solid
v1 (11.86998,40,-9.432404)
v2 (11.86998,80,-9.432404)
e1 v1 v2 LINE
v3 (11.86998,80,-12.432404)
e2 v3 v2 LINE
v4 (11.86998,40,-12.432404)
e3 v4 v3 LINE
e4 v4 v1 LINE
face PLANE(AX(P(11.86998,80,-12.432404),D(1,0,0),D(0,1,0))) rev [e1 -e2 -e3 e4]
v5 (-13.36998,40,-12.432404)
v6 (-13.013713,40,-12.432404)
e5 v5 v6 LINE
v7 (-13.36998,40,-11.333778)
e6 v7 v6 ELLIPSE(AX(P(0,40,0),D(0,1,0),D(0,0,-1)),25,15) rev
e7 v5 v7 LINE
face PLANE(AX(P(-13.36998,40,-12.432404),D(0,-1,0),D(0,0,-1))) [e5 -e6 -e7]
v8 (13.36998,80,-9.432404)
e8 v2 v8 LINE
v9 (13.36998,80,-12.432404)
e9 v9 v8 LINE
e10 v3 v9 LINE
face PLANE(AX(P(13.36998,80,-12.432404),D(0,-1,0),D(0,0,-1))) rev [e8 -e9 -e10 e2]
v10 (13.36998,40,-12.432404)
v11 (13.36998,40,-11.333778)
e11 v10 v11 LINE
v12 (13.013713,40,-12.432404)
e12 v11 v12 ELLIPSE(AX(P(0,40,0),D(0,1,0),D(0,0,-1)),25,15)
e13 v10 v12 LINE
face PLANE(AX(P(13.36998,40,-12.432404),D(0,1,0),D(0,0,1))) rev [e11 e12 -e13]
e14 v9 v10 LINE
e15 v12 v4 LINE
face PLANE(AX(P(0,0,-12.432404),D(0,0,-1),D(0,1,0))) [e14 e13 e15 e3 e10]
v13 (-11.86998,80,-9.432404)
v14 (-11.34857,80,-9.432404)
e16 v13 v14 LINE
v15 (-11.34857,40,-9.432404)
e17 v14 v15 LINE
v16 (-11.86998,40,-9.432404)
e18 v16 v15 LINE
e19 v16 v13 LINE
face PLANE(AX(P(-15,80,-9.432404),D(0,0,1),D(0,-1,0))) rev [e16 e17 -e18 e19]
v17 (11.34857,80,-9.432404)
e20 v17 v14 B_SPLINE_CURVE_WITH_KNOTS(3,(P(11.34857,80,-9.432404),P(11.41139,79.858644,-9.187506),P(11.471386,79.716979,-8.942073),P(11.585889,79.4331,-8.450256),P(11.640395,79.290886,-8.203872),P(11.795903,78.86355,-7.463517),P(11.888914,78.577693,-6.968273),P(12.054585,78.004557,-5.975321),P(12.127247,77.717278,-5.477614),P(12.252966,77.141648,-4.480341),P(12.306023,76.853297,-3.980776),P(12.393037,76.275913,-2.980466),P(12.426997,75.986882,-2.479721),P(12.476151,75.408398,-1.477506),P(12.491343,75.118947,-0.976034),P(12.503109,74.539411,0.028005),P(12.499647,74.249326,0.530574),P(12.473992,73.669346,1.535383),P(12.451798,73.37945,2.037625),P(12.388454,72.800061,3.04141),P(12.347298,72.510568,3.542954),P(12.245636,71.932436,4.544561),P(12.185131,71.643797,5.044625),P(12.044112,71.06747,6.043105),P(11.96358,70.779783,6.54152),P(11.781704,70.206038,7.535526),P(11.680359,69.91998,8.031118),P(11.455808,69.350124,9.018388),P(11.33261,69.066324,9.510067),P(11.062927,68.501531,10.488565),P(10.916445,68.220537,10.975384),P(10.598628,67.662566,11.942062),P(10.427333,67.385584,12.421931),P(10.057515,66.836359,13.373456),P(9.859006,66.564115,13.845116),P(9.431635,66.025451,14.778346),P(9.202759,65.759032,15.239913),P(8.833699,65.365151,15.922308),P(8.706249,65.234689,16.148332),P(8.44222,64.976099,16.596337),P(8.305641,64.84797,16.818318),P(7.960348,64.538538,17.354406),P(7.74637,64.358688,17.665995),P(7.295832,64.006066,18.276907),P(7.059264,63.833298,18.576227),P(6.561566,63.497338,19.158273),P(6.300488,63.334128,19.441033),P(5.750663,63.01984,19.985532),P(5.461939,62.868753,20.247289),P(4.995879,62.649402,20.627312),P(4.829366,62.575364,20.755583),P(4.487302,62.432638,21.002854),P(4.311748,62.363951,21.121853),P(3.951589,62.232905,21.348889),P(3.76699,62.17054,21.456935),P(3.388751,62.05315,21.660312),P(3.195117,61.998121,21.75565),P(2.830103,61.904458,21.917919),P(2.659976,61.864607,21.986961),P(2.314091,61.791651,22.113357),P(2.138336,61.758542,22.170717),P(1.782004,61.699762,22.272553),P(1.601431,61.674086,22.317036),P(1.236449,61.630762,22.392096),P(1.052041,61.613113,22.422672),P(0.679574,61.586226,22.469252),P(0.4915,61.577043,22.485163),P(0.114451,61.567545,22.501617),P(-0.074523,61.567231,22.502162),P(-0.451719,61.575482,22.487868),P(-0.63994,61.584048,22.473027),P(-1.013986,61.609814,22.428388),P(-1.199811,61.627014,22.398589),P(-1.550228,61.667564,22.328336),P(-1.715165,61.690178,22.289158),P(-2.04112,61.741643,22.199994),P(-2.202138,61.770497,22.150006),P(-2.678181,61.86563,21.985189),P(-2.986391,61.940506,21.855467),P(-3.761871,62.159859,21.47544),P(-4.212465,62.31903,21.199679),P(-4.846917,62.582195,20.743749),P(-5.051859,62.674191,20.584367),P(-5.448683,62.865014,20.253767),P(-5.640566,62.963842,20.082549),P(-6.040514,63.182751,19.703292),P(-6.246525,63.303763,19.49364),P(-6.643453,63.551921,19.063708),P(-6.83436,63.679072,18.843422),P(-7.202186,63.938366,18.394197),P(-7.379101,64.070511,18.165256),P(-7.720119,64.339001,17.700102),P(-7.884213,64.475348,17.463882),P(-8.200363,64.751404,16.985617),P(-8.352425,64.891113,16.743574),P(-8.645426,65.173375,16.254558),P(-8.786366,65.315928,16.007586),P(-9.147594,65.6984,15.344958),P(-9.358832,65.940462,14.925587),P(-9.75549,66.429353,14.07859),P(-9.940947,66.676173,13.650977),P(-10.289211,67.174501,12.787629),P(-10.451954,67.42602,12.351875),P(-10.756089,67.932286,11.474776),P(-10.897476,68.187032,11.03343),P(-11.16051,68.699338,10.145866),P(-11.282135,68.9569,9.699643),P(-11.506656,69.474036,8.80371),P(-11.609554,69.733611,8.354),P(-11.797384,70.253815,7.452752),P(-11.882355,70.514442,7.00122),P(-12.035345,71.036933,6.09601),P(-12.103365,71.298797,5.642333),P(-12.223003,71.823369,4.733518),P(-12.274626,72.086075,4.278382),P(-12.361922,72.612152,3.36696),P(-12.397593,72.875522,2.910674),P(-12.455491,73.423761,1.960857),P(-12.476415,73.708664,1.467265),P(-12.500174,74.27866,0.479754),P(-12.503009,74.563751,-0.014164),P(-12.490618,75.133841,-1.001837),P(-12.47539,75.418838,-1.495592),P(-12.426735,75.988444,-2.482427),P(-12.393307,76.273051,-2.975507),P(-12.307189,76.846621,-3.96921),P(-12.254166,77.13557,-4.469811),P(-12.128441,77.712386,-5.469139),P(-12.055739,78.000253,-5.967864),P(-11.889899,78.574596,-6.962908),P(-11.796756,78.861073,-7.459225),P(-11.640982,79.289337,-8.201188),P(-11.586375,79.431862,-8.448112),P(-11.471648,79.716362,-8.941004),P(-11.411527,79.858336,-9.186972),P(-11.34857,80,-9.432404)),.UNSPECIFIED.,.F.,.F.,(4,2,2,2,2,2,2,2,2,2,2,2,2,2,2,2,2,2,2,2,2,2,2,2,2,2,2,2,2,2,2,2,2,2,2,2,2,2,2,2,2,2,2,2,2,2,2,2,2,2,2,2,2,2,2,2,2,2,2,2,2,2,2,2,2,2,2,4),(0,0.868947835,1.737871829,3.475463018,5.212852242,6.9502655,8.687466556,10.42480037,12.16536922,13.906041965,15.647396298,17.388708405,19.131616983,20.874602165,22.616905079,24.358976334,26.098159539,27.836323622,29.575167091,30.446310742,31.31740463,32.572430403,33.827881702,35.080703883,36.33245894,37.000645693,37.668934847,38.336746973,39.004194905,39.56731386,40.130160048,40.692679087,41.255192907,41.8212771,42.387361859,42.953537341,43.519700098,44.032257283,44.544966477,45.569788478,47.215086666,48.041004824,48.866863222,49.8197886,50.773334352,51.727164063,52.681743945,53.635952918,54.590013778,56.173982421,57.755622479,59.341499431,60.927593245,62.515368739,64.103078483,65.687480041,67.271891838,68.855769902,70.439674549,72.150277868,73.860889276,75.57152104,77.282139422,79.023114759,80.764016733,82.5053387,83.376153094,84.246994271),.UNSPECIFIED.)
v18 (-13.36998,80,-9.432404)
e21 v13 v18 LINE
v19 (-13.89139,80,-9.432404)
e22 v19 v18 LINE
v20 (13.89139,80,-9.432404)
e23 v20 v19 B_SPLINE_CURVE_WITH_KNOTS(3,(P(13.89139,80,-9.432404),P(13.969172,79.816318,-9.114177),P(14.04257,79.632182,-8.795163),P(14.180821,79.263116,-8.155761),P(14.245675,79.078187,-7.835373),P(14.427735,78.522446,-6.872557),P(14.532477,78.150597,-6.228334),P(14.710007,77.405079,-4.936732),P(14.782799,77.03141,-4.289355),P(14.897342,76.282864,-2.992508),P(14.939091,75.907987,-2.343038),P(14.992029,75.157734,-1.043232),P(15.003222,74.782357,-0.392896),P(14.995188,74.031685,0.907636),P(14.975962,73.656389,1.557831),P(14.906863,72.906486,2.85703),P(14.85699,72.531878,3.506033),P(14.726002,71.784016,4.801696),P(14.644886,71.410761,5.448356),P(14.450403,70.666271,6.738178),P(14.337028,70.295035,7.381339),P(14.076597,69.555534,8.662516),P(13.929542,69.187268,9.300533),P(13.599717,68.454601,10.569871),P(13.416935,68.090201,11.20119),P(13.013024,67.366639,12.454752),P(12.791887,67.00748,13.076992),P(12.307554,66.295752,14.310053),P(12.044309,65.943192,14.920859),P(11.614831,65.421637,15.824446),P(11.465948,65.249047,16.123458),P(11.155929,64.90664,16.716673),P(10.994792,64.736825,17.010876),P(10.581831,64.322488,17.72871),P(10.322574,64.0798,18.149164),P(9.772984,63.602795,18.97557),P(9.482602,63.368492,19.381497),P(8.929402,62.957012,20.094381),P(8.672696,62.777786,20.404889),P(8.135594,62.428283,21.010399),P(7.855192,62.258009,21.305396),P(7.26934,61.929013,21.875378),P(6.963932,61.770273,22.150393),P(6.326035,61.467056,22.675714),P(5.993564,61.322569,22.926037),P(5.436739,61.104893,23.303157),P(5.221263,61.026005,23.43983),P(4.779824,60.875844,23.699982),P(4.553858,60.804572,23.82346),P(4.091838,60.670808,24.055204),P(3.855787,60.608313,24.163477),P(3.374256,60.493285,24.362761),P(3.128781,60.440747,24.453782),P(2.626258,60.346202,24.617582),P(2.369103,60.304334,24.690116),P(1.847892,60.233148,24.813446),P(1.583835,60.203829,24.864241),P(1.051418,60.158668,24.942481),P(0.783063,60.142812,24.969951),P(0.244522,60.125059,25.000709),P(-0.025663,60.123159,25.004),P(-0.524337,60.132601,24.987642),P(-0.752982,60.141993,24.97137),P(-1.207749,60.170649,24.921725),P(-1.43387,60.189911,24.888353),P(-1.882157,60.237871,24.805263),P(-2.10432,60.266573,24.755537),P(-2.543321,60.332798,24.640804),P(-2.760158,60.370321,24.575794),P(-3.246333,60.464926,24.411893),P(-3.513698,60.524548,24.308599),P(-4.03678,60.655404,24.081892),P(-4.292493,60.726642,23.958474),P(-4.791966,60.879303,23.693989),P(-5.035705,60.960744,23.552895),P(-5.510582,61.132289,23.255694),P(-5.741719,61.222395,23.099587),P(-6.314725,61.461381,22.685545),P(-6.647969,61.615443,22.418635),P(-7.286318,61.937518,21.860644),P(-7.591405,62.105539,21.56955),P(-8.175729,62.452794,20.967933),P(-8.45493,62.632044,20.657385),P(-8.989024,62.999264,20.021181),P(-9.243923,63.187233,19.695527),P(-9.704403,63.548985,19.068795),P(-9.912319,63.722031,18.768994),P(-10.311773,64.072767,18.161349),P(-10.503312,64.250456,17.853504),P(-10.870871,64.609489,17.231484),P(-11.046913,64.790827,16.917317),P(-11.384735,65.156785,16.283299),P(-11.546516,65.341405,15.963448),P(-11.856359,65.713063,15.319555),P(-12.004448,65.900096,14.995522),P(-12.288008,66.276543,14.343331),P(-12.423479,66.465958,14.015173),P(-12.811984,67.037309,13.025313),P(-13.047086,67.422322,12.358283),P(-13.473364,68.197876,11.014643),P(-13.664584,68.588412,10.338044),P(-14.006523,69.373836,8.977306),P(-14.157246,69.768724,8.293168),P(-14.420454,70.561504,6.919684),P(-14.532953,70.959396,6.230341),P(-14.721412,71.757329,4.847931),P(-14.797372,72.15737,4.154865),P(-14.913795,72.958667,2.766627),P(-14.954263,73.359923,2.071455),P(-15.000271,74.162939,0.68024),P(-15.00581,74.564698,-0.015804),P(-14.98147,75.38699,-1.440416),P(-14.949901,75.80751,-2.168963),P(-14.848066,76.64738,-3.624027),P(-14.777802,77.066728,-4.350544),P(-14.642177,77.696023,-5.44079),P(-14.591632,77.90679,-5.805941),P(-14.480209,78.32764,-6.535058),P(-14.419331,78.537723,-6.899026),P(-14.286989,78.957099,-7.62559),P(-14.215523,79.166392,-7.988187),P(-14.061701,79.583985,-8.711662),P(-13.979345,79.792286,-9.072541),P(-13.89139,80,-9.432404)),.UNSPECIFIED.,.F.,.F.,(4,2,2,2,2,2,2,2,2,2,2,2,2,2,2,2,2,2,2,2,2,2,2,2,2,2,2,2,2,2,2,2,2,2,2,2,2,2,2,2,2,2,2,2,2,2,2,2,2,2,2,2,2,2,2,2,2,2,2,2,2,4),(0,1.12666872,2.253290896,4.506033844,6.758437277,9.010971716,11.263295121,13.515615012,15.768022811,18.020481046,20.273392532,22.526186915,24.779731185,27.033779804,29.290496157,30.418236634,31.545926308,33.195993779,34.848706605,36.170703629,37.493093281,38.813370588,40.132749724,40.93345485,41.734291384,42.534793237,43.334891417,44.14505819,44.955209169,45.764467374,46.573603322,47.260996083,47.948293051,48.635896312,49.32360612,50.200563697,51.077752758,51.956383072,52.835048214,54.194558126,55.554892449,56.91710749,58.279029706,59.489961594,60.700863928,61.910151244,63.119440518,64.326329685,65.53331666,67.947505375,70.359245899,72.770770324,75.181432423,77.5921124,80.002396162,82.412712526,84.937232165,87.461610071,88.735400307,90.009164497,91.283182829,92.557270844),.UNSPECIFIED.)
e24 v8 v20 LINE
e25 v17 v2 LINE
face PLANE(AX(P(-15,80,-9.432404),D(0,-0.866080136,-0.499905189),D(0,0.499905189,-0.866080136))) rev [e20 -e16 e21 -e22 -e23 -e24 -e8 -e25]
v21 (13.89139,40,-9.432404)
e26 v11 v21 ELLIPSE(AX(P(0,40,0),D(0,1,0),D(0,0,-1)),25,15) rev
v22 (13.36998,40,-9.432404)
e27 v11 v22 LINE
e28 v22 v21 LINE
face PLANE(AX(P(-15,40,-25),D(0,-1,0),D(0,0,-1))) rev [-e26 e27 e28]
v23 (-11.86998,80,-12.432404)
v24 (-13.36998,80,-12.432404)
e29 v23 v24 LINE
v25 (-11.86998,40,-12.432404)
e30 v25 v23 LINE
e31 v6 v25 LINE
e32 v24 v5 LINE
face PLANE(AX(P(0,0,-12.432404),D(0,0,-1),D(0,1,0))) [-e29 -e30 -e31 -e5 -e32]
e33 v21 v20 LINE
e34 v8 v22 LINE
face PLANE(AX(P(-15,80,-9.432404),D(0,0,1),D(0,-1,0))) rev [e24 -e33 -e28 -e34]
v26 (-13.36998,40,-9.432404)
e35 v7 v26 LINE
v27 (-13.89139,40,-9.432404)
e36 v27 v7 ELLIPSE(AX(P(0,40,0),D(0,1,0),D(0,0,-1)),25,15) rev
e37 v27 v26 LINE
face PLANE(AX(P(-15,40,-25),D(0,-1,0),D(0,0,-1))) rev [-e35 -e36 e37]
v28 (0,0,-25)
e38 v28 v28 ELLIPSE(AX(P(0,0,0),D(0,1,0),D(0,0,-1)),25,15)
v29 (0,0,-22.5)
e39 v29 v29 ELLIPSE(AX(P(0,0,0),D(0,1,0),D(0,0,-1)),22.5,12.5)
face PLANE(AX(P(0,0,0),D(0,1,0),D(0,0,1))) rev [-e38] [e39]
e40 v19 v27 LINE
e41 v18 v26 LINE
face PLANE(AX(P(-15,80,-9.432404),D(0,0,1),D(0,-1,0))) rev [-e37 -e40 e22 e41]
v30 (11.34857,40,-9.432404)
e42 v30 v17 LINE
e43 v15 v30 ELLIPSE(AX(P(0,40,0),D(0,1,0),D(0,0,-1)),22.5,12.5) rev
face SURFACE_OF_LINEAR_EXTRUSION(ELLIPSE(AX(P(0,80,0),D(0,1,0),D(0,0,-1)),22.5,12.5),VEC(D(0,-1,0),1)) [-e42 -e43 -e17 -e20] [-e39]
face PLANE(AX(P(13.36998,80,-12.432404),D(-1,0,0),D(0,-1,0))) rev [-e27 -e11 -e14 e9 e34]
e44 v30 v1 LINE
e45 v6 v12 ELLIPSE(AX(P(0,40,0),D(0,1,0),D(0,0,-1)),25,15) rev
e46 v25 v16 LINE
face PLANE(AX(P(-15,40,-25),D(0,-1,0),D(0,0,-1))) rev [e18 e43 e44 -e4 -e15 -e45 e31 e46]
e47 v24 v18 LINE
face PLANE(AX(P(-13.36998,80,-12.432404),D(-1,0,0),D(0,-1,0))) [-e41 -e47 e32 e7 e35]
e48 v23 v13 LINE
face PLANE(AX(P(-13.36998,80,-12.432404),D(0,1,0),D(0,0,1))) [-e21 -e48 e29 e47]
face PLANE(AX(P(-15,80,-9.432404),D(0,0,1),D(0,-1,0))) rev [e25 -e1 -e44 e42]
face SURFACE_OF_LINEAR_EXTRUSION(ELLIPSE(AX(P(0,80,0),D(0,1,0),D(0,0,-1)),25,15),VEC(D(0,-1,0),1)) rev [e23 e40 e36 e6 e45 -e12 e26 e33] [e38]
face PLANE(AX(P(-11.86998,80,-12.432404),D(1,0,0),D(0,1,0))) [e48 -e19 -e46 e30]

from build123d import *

# Parameters (mm, degrees)
SKETCH1_RX              = 25
SKETCH1_RY              = 15
SKETCH1_RX_2            = 22.5
SKETCH1_RY_2            = 12.5
BOSS_EXTRUDE1_DEPTH     = 80
CUT_EXTRUDE1_DEPTH      = 86.14693183
CUT_EXTRUDE1_DEPTH_BACK = 86.14693183
CUT_EXTRUDE2_DEPTH      = 86.146931971
CUT_EXTRUDE2_DEPTH_BACK = 86.146931971
SKETCH6_W               = 15.567596141
SKETCH6_H               = 40
SKETCH10_W              = 1.5
SKETCH10_H              = 40
BOSS_EXTRUDE2_DEPTH     = 3


with BuildPart() as part:
    # Sketch1 → Boss-Extrude1 (new body)
    with BuildSketch(Plane(origin=(0, 0, 0), x_dir=(1, 0, 0), z_dir=(0, 1, 0))):
        with Locations(Location((0, 0), (0, 0, 90))):
            Ellipse(SKETCH1_RX, SKETCH1_RY)
        with Locations(Location((0, 0), (0, 0, 90))):
            Ellipse(SKETCH1_RX_2, SKETCH1_RY_2, mode=Mode.SUBTRACT)
    extrude(amount=BOSS_EXTRUDE1_DEPTH)

    # Sketch5 → Cut-Extrude1 (cut, two sides: drawn at the far end of the back side and taken through both)
    with BuildSketch(Plane(origin=(0, 0, 0), x_dir=(0, 0, -1), z_dir=(1, 0, 0)).offset(-CUT_EXTRUDE1_DEPTH_BACK)):
        Polygon((9.432403859, 80), (-25, 60.125468033), (-25, 80), align=None)
    extrude(amount=CUT_EXTRUDE1_DEPTH + CUT_EXTRUDE1_DEPTH_BACK, mode=Mode.SUBTRACT)

    # Sketch6 → Cut-Extrude2 (cut, two sides: drawn at the far end of the back side and taken through both)
    with BuildSketch(Plane(origin=(0, 0, 0), x_dir=(0, 0, -1), z_dir=(1, 0, 0)).offset(-CUT_EXTRUDE2_DEPTH_BACK)):
        with Locations((17.21620193, 60)):
            Rectangle(SKETCH6_W, SKETCH6_H)
    extrude(amount=CUT_EXTRUDE2_DEPTH + CUT_EXTRUDE2_DEPTH_BACK, mode=Mode.SUBTRACT)

    # Sketch10 → Boss-Extrude2 (add)
    with BuildSketch(Plane(origin=(0, 0, -9.432403859), x_dir=(-1, 0, 0), z_dir=(0, 0, -1))):
        with Locations((-12.619980104, 60)):
            Rectangle(SKETCH10_W, SKETCH10_H)
    boss_extrude2 = extrude(amount=BOSS_EXTRUDE2_DEPTH)

    # Mirror1: Boss-Extrude2 across plane
    add(boss_extrude2.mirror(Plane(origin=(0, 0, 0), x_dir=(0, 0, 1), z_dir=(1, 0, 0))))


solid = part.part
